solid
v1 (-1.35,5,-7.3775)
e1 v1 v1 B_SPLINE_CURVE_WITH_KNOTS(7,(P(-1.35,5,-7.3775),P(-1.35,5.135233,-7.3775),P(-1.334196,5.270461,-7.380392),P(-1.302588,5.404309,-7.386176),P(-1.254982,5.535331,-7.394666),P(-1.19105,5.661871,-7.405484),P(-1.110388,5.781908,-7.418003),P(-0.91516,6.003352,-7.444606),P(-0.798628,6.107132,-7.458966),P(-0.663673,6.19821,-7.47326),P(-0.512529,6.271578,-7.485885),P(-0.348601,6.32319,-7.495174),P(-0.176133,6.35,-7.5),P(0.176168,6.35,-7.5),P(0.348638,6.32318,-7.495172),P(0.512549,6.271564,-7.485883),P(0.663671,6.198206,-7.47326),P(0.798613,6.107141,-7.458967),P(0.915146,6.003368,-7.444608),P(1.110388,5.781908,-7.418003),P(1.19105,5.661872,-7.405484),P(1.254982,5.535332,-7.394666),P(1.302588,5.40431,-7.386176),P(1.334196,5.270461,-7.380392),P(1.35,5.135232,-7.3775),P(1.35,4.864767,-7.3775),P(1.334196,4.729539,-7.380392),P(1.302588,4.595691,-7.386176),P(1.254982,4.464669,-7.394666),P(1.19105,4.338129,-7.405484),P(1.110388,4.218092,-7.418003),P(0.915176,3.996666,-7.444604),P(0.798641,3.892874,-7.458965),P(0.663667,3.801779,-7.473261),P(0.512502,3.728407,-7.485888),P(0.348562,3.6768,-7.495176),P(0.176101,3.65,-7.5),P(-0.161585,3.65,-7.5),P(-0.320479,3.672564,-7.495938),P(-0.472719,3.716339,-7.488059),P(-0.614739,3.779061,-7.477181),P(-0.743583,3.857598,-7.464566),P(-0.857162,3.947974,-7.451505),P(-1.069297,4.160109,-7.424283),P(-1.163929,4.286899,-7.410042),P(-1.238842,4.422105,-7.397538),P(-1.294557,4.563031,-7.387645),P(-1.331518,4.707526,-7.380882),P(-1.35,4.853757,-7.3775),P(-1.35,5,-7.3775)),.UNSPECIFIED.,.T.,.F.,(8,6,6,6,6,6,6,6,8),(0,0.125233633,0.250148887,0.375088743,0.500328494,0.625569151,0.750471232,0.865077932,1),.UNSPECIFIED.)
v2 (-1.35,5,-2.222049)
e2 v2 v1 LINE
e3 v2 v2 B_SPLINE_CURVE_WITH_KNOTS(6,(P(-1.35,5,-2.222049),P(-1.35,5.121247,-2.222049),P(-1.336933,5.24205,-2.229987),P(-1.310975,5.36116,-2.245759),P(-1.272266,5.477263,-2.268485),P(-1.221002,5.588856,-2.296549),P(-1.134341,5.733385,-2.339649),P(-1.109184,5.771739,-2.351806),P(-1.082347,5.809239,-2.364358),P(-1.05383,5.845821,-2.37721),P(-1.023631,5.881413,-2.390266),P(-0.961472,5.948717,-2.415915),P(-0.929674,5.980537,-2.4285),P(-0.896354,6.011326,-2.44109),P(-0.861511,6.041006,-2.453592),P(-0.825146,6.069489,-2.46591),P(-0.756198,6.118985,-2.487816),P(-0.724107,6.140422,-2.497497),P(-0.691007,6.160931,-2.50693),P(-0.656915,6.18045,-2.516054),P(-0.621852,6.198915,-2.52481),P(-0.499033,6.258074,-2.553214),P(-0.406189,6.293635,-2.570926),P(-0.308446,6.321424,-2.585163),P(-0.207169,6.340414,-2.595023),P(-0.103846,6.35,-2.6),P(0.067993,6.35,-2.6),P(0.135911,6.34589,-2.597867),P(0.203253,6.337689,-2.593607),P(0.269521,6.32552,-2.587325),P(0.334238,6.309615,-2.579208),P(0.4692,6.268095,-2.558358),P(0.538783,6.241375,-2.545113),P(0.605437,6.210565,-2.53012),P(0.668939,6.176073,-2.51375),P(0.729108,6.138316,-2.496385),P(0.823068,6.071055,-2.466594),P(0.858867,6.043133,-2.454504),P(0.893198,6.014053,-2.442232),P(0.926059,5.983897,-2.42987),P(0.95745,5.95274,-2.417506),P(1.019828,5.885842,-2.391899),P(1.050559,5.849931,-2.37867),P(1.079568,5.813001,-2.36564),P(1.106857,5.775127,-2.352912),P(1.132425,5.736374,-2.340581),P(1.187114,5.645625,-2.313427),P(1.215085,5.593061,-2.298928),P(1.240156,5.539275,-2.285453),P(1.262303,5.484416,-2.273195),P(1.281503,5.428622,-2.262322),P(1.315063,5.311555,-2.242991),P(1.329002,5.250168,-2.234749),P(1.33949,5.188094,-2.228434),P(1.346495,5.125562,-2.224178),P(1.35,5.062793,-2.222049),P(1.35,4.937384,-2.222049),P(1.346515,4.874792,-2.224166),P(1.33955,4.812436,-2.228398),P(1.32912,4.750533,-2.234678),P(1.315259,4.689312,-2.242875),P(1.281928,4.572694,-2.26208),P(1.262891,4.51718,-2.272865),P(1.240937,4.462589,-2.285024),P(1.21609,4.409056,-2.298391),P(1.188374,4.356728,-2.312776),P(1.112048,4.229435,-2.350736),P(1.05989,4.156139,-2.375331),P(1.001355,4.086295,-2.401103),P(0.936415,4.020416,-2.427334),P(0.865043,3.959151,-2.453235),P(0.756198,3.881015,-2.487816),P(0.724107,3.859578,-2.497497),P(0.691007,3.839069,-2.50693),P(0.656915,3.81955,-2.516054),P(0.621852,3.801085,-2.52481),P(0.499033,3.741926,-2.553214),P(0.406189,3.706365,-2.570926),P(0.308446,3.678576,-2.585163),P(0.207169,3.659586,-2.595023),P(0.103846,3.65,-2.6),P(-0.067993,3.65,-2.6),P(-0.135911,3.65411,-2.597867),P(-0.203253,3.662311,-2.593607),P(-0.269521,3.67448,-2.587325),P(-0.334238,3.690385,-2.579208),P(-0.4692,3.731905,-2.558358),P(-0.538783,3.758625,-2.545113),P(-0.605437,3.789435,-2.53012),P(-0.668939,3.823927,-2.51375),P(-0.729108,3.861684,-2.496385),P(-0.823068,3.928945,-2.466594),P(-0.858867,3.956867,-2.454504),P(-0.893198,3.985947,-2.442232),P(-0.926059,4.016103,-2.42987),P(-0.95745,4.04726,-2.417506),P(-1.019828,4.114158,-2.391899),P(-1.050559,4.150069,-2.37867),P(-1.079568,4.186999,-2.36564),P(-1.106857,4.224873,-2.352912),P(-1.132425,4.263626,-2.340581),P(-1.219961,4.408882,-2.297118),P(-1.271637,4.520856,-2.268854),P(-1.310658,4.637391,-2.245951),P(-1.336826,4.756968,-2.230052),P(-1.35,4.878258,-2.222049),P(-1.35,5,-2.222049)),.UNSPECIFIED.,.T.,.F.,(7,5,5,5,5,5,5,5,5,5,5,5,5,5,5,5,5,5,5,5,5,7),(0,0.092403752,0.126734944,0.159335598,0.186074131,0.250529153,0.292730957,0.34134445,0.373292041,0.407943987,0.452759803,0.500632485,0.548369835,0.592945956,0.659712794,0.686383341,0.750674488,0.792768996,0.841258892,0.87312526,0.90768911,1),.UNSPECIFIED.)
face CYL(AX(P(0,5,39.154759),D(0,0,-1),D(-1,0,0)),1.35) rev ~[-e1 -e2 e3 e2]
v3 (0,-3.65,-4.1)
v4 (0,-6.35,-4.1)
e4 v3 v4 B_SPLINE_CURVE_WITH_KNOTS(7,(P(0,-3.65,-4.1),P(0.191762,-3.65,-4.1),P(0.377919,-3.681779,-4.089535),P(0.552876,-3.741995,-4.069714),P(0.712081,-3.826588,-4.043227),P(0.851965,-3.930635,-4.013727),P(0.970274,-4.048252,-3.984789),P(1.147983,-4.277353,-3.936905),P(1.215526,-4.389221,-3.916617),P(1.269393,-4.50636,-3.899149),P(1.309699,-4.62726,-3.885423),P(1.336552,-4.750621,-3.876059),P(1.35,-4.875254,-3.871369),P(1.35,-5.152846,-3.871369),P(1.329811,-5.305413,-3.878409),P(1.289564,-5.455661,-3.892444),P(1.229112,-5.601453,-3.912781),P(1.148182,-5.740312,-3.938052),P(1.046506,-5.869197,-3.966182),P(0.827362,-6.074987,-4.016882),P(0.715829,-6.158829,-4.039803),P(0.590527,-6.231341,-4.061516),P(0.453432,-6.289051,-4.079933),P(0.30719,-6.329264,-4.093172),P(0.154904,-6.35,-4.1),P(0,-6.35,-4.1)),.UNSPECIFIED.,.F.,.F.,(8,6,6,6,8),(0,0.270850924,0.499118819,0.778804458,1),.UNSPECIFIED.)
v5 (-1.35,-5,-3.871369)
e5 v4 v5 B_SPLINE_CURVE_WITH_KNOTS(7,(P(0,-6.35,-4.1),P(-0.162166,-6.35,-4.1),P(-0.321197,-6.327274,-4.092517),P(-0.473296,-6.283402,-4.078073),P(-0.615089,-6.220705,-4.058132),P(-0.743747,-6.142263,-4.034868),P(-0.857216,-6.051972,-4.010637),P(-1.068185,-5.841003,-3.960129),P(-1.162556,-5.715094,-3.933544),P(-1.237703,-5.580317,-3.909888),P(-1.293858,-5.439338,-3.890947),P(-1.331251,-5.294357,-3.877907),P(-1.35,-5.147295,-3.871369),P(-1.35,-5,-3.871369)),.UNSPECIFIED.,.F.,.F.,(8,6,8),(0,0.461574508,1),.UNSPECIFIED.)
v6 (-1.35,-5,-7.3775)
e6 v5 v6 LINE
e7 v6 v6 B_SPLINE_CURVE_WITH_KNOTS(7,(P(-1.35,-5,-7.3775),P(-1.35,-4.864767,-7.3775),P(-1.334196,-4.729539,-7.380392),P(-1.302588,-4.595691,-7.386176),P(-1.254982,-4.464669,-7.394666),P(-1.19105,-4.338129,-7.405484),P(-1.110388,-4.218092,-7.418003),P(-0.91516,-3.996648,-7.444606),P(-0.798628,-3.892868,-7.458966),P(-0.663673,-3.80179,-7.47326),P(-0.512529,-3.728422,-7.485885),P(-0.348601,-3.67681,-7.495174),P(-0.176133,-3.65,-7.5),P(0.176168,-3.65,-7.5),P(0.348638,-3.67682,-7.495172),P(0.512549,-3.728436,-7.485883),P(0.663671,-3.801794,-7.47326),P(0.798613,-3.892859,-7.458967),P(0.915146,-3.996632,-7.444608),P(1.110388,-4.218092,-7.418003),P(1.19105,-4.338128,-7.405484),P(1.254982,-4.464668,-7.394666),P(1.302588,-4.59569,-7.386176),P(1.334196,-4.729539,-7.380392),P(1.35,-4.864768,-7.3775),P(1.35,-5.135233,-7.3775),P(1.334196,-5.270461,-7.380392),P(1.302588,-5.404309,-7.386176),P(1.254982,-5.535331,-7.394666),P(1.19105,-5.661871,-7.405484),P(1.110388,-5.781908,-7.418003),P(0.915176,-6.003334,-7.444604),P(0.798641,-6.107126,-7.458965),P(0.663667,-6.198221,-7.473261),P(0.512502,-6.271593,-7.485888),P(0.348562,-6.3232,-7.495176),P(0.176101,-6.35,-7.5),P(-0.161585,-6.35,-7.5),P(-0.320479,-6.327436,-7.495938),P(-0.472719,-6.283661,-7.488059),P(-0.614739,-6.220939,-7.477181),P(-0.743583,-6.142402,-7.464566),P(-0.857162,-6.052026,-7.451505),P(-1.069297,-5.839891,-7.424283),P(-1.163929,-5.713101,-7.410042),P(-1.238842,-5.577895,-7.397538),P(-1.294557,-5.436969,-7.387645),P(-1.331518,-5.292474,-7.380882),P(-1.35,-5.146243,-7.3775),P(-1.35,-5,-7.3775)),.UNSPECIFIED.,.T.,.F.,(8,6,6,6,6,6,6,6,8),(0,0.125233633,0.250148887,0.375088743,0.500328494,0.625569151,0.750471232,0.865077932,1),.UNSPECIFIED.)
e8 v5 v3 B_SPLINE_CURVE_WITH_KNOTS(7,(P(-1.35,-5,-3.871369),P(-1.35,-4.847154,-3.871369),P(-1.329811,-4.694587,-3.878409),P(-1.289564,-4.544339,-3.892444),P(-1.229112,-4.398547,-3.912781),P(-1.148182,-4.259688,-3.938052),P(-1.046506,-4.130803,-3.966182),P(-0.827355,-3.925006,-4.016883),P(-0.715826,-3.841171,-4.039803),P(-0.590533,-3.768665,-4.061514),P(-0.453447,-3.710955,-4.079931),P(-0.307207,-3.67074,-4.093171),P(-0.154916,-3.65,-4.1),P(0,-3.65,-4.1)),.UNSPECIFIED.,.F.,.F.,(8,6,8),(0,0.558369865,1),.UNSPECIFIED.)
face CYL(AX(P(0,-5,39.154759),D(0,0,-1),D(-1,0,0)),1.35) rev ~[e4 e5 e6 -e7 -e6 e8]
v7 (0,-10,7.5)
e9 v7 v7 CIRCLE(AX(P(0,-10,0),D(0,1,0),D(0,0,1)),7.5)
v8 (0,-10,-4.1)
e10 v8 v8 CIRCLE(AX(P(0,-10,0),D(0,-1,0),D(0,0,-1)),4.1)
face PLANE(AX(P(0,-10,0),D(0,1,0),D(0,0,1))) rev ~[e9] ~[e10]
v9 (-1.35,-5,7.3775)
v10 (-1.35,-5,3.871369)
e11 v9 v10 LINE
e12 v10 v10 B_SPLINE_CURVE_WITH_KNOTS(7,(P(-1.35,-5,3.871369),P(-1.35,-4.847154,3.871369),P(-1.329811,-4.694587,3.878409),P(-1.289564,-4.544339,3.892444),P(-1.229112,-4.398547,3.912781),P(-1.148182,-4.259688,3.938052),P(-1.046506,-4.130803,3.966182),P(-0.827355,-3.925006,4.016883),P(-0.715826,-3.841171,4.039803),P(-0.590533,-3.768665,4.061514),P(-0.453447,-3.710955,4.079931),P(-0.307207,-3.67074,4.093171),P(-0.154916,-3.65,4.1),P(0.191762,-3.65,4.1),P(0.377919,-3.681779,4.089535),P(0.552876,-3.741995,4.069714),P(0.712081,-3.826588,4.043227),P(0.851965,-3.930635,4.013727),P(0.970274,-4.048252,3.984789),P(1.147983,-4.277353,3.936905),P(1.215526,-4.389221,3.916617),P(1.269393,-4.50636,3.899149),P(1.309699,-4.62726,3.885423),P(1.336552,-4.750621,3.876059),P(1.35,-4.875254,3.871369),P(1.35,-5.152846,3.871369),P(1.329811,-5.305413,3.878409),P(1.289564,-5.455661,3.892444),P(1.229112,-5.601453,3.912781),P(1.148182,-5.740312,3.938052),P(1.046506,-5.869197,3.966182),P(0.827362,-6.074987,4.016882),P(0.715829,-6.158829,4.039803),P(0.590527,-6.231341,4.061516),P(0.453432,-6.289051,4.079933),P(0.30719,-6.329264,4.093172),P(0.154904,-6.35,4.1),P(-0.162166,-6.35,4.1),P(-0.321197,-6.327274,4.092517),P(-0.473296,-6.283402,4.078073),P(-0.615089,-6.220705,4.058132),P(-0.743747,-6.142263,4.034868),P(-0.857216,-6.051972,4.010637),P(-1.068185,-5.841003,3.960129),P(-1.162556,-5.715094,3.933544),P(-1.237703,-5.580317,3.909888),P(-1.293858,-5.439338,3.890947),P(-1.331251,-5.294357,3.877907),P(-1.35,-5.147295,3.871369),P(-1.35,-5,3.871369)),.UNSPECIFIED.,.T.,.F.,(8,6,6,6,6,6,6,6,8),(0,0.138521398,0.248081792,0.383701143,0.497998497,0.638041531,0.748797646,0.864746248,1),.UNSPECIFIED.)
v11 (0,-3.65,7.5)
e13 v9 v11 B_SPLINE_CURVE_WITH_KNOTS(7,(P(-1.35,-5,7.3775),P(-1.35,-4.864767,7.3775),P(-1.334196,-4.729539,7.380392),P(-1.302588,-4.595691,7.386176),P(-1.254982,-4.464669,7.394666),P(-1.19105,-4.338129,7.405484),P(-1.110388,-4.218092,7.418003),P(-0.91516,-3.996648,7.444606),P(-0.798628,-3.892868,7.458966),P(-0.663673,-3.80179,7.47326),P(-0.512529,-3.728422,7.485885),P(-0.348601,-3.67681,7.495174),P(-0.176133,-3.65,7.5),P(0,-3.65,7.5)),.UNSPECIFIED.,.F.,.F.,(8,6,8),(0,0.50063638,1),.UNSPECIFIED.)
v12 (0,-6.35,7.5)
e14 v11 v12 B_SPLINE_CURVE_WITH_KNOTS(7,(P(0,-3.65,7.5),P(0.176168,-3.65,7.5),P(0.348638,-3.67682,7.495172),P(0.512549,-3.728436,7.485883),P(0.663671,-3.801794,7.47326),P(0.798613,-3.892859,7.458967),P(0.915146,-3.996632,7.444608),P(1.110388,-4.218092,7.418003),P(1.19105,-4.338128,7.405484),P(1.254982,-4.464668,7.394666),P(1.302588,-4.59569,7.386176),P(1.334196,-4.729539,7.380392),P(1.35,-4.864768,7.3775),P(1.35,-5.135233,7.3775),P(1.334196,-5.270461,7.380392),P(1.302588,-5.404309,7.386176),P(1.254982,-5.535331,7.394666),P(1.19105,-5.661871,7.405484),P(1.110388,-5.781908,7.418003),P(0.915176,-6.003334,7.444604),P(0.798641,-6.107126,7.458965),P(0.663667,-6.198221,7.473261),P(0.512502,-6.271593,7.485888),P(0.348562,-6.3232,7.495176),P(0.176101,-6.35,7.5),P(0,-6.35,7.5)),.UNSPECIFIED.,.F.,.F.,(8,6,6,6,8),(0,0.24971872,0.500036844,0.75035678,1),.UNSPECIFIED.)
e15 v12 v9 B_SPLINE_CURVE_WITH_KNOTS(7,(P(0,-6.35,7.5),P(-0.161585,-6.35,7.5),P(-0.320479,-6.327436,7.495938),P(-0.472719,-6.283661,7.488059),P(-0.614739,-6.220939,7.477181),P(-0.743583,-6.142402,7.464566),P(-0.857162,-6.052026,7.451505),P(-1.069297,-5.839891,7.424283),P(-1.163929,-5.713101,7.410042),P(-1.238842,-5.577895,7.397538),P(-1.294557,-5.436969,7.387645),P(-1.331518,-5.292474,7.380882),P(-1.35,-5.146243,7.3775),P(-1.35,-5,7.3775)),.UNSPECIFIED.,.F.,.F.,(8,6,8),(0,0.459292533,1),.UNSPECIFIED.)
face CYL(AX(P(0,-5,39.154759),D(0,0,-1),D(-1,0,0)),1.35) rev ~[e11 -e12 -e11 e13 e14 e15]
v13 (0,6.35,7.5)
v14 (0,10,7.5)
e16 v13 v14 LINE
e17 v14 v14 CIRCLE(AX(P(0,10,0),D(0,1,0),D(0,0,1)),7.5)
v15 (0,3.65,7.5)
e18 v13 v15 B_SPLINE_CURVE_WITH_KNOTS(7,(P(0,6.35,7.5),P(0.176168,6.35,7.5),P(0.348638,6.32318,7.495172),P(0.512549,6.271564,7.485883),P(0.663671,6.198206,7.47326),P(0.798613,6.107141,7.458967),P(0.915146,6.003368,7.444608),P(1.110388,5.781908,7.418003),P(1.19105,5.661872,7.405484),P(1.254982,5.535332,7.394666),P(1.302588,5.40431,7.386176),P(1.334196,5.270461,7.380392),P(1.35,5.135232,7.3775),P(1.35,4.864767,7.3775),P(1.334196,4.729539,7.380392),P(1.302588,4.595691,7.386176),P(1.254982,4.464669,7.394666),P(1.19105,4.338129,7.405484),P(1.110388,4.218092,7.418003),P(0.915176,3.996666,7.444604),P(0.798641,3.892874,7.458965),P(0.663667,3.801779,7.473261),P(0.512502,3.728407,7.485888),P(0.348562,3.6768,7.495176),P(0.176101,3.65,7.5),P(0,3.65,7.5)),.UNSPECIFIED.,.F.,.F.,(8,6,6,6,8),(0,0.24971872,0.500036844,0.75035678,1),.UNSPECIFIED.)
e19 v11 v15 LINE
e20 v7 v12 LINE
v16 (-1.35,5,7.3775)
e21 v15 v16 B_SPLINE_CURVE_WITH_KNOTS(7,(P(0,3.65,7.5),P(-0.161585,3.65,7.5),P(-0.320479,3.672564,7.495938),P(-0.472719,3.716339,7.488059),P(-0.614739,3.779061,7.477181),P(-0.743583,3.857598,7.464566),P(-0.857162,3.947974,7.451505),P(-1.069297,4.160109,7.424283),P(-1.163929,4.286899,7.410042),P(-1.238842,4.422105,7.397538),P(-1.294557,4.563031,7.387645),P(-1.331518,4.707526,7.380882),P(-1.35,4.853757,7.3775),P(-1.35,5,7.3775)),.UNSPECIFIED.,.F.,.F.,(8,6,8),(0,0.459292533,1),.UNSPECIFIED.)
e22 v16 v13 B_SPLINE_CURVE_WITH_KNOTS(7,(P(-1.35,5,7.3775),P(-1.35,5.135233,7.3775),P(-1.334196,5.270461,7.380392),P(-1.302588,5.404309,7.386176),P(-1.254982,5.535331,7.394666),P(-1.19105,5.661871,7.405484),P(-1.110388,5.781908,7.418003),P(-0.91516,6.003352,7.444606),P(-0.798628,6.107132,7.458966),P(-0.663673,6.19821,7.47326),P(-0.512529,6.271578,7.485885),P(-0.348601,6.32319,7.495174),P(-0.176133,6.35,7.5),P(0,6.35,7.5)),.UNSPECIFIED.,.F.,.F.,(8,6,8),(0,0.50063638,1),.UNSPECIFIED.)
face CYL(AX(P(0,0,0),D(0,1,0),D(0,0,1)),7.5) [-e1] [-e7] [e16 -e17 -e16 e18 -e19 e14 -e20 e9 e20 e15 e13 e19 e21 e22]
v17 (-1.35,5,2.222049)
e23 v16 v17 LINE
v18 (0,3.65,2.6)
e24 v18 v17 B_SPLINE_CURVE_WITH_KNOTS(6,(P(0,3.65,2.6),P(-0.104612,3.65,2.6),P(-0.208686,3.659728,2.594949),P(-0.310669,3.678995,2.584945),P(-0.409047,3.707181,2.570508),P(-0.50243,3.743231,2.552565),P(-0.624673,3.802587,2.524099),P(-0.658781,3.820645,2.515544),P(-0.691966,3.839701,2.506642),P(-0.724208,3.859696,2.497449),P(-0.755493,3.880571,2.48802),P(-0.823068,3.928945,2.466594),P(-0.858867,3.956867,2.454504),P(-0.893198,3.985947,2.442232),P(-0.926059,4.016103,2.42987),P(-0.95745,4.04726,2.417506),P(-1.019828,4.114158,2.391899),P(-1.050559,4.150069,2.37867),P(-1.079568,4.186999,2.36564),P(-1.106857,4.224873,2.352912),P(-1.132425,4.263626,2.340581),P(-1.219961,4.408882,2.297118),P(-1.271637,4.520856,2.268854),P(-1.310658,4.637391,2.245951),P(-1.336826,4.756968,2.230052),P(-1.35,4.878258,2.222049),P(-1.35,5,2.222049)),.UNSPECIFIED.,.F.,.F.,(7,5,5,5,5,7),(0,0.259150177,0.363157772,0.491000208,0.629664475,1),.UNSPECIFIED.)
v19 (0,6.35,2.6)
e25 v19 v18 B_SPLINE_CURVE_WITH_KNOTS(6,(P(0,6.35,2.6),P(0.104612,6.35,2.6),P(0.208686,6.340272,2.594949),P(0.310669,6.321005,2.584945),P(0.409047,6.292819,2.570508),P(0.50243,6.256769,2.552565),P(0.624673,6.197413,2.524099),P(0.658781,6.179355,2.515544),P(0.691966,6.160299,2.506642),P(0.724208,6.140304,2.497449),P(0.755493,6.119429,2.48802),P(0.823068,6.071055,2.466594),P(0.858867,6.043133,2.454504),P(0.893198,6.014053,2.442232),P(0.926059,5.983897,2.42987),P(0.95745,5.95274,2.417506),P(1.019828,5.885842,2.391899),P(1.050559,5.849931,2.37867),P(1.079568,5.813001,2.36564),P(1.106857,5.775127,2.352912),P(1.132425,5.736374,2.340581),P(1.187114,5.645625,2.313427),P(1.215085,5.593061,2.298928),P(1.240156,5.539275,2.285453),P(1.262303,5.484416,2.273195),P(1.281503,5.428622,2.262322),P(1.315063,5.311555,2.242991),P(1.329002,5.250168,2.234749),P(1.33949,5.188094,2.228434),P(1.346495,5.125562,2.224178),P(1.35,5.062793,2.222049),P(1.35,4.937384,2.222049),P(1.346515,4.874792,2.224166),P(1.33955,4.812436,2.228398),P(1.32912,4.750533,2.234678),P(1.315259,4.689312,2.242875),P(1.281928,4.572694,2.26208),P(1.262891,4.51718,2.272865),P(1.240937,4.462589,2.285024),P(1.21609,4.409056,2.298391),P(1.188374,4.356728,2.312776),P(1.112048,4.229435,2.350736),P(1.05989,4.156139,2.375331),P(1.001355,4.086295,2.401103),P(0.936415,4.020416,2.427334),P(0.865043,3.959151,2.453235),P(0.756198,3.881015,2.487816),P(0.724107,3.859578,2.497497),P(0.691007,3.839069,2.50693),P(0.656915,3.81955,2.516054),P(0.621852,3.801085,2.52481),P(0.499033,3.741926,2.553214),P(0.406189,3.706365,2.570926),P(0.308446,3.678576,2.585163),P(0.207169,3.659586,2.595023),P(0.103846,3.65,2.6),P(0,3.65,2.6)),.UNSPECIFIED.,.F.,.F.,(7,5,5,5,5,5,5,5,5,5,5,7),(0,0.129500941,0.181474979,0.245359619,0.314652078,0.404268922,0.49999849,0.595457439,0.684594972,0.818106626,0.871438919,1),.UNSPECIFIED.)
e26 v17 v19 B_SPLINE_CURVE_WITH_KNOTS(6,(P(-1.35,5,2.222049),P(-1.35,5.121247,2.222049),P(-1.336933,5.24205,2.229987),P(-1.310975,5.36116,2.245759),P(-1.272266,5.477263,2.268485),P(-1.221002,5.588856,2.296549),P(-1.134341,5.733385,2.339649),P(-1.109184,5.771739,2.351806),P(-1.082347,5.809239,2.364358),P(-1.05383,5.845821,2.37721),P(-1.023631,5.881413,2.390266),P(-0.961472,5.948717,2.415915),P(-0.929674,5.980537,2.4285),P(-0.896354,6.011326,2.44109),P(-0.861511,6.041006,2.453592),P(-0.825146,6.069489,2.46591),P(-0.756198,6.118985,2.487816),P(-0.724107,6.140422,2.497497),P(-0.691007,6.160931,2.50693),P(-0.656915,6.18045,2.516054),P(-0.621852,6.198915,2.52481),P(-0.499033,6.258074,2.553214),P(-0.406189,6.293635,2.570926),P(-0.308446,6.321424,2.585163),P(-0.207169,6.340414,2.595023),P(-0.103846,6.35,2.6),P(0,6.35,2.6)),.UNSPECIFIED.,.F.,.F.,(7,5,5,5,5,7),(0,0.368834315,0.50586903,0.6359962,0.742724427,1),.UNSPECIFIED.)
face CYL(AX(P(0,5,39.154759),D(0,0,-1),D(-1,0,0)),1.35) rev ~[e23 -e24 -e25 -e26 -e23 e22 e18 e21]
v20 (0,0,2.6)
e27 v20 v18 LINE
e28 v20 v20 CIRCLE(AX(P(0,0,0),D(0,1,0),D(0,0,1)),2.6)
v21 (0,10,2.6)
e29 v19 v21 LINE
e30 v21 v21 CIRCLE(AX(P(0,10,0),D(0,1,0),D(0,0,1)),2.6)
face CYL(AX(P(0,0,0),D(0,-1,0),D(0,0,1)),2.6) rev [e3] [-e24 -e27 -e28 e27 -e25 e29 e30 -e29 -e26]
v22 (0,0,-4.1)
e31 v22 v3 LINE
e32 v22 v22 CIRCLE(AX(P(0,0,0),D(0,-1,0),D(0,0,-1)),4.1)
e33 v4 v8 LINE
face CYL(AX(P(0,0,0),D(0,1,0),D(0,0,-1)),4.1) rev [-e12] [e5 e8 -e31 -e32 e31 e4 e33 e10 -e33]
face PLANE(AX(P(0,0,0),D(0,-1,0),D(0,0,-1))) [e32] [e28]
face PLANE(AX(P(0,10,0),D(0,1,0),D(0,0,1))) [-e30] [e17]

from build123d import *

# Parameters (mm, degrees)
SKETCH1_R                  = 7.5
BOSS_EXTRUDE1_DEPTH        = 10
CUT_EXTRUDE1_START         = -10
SKETCH2_R                  = 2.6
CUT_EXTRUDE1_DEPTH         = 10
CUT_EXTRUDE2_START         = -10
SKETCH3_R                  = 4.1
CUT_EXTRUDE2_DEPTH         = 10
F_2_7_2_7_DIAMETER_HOLE1_D = 2.7


with BuildPart() as part:
    # Sketch1 → Boss-Extrude1 (new, symmetric)
    with BuildSketch(Plane(origin=(0, 0, 0), x_dir=(1, 0, 0), z_dir=(0, 1, 0))):
        with Locations(Location((0, 0, 0), (0, 0, 270))):
            Circle(SKETCH1_R)
    extrude(amount=BOSS_EXTRUDE1_DEPTH, both=True)

    # Sketch2 → Cut-Extrude1 (cut)
    with BuildSketch(Plane(origin=(0, 10, 0), x_dir=(1, 0, 0), z_dir=(0, 1, 0)).offset(CUT_EXTRUDE1_START)):
        with Locations(Location((0, 0, 0), (0, 0, 270))):
            Circle(SKETCH2_R)
    extrude(amount=CUT_EXTRUDE1_DEPTH, mode=Mode.SUBTRACT)

    # Sketch3 → Cut-Extrude2 (cut)
    with BuildSketch(Plane.XZ.offset(10).offset(CUT_EXTRUDE2_START)):
        with Locations(Location((0, 0, 0), (0, 0, 270))):
            Circle(SKETCH3_R)
    extrude(amount=CUT_EXTRUDE2_DEPTH, mode=Mode.SUBTRACT)

    # Ø2.7 (2.7) Diameter Hole1 (through all)
    with Locations(Plane.XY.offset(10)):
        with Locations((0, 5), (0, -5)):
            Hole(F_2_7_2_7_DIAMETER_HOLE1_D / 2)


solid = part.part
